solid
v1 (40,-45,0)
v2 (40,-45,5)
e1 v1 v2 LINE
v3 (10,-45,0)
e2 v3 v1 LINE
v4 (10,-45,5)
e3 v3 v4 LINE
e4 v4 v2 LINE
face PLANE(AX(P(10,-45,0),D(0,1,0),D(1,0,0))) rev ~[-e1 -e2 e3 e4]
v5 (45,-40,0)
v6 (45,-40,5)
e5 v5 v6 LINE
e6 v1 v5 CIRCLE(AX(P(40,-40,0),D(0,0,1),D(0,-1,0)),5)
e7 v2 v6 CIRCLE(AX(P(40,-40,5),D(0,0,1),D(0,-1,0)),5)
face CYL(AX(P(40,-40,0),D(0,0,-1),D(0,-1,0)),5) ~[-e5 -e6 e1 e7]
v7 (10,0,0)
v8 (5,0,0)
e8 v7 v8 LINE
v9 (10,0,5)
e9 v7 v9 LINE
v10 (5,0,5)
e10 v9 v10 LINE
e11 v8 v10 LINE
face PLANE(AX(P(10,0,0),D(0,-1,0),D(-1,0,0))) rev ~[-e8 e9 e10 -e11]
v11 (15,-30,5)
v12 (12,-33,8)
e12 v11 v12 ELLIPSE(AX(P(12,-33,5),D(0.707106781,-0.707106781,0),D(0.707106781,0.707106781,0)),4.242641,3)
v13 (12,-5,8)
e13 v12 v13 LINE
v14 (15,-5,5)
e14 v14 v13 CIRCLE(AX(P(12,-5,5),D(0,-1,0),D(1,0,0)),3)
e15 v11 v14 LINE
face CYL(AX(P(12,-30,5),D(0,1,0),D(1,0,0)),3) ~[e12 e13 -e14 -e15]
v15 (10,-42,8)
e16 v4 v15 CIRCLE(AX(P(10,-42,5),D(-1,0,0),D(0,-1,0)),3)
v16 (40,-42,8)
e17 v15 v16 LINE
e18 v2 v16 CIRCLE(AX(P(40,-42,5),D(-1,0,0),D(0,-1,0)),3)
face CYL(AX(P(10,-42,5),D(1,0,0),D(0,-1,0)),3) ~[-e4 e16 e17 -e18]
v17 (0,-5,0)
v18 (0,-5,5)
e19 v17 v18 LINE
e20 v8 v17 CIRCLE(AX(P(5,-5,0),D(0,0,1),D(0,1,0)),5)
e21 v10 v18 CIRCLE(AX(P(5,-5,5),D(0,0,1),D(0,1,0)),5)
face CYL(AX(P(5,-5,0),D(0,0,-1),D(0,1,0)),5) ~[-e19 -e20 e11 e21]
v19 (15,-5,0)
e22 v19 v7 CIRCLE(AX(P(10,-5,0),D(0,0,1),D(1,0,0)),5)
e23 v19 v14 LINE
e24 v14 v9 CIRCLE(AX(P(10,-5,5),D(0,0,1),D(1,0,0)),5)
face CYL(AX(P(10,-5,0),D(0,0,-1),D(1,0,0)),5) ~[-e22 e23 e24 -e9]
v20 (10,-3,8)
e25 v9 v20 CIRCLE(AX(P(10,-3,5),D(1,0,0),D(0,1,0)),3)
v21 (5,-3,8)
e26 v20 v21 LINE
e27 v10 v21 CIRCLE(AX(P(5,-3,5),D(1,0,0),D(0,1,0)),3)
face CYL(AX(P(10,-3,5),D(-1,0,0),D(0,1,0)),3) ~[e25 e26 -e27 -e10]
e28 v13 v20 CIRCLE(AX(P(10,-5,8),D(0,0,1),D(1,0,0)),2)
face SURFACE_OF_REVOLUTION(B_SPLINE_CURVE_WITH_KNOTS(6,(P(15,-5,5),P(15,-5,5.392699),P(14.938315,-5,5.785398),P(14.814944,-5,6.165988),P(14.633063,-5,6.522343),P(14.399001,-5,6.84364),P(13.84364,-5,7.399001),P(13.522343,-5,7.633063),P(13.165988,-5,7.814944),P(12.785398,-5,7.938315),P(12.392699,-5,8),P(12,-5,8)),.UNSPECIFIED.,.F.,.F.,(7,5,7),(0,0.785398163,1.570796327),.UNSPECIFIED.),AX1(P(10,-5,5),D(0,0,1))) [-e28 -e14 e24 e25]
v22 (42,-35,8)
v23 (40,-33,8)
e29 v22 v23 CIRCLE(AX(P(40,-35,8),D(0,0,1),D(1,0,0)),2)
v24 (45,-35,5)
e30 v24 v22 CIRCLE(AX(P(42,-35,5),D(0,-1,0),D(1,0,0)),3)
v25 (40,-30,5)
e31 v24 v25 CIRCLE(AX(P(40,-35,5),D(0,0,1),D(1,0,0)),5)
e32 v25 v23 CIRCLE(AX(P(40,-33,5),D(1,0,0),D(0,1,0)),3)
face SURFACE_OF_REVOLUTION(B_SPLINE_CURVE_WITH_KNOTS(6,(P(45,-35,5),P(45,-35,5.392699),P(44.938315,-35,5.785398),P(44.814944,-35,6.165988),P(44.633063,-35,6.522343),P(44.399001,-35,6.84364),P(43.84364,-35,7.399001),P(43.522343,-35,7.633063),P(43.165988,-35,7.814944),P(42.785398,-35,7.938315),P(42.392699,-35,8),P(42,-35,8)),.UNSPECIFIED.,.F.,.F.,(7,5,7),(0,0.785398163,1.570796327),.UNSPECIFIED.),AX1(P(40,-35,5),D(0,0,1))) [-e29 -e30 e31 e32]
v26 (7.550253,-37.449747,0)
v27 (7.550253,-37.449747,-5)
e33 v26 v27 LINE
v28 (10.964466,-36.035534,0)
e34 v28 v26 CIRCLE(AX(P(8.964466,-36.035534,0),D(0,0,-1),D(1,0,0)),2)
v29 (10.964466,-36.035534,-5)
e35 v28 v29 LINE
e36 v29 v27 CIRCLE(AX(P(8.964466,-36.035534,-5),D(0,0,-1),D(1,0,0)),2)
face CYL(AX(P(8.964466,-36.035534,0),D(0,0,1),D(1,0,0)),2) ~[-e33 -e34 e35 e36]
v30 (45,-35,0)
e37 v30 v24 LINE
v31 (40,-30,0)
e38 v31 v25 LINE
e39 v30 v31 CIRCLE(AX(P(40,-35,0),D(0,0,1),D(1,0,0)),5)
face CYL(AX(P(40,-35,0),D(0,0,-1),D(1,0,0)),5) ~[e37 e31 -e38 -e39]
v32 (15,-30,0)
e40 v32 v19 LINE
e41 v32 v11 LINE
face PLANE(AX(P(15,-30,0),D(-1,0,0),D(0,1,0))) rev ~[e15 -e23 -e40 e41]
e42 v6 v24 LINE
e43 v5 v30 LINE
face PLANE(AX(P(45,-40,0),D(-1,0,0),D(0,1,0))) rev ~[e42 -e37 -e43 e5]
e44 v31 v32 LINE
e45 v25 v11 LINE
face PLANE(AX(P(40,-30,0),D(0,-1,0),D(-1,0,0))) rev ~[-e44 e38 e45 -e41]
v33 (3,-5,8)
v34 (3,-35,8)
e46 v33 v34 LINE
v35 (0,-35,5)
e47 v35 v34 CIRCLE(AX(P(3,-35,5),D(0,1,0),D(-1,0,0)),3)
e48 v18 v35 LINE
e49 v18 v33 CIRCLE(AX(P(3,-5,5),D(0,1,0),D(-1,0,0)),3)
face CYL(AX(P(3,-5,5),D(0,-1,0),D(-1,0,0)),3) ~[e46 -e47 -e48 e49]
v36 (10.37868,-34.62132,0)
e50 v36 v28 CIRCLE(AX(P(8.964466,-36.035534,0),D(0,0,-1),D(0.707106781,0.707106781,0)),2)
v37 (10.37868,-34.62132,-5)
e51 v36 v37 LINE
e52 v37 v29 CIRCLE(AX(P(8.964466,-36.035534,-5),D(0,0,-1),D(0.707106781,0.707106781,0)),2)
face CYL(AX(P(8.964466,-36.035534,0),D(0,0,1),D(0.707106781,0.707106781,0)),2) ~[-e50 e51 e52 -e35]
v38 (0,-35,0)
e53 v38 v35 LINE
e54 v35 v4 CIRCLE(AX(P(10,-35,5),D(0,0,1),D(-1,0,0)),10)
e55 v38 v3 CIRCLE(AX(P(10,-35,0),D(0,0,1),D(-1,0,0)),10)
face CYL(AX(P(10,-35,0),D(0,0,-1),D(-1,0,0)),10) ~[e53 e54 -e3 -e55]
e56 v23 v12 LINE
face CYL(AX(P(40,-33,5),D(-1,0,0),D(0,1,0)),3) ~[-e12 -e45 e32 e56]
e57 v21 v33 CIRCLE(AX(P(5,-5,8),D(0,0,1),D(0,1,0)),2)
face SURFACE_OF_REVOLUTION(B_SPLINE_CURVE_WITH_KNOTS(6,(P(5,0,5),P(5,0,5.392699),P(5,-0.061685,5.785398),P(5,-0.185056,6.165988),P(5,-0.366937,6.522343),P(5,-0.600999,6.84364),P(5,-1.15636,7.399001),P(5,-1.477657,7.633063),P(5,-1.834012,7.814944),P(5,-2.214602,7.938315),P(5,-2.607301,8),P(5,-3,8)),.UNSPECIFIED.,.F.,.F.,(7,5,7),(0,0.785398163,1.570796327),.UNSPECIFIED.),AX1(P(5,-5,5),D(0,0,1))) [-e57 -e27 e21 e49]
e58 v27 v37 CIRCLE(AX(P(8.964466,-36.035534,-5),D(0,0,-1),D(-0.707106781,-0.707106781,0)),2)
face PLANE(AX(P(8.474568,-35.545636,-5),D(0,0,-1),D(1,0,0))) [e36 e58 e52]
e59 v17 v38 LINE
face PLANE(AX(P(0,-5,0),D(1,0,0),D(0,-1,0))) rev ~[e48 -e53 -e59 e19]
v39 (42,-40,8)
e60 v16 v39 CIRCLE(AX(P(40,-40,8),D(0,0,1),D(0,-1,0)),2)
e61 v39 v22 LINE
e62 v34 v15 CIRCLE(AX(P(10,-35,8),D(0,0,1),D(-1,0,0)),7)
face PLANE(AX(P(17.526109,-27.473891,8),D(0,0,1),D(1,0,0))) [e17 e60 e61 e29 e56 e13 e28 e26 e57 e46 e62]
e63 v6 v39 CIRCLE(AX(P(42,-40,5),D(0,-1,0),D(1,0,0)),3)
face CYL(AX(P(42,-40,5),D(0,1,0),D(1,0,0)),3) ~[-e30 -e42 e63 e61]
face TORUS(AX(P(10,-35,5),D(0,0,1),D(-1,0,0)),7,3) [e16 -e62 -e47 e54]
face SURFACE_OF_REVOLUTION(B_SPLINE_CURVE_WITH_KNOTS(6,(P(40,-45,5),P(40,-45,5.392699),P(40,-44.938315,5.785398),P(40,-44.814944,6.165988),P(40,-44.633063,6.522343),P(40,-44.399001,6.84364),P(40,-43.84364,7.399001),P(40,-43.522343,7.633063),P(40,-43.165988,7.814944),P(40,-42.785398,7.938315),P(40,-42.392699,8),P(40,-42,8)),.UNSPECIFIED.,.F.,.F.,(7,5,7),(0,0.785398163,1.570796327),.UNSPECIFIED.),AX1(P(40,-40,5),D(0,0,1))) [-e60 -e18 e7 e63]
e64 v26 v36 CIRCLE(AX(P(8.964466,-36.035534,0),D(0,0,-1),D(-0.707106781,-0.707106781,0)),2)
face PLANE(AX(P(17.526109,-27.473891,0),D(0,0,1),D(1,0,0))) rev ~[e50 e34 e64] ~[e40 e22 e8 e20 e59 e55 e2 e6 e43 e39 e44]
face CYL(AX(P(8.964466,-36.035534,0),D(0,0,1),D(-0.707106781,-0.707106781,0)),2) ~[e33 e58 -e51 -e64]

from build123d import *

# Parameters (mm, degrees)
F1_DEPTH = 8
F2_R     = 3
F4_DEPTH = 5


with BuildPart() as f1:
    # F0 (on Top) → F1 (new body)
    with BuildSketch(Plane.XY):
        with BuildLine():
            ThreePointArc((5, 0), (1.4644660941, -1.4644660941), (0, -5))
            Line((0, -5), (0, -35))
            ThreePointArc((0, -35), (2.9289321881, -42.0710678119), (10, -45))
            Line((10, -45), (40, -45))
            ThreePointArc((40, -45), (43.5355339059, -43.5355339059), (45, -40))
            Line((45, -40), (45, -35))
            ThreePointArc((45, -35), (43.5355339059, -31.4644660941), (40, -30))
            Line((40, -30), (15, -30))
            Line((15, -30), (15, -5))
            ThreePointArc((15, -5), (13.5355339059, -1.4644660941), (10, 0))
            Line((10, 0), (5, 0))
        make_face()
    extrude(amount=F1_DEPTH)

    # F2
    f2_edges = [f1.edges().sort_by_distance(p)[0] for p in [
        (15, -17.5, 8),
        (27.5, -30, 8),
        (13.535534, -1.464466, 8),
        (7.5, 0, 8),
        (1.464466, -1.464466, 8),
        (0, -20, 8),
        (2.928932, -42.071068, 8),
        (25, -45, 8),
        (43.535534, -43.535534, 8),
        (45, -37.5, 8),
        (43.535534, -31.464466, 8),
    ]]
    fillet(f2_edges, radius=F2_R)

    # F3 (on face) → F4 (join)
    with BuildSketch(Plane(origin=(0, 0, 0), x_dir=(1, 0, 0), z_dir=(0, 0, -1))):
        with BuildLine():
            ThreePointArc((7.5502525317, 37.4497474683), (7.5502525317, 34.6213203436), (10.3786796564, 34.6213203436))
            Line((10.3786796564, 34.6213203436), (7.5502525317, 37.4497474683))
        make_face()
        with BuildLine():
            Line((7.5502525317, 37.4497474683), (10.3786796564, 34.6213203436))
            ThreePointArc((10.3786796564, 34.6213203436), (10.8122251591, 35.2701670412), (10.9644660941, 36.0355339059))
            ThreePointArc((10.9644660941, 36.0355339059), (9.7298329588, 37.883292971), (7.5502525317, 37.4497474683))
        make_face()
    extrude(amount=F4_DEPTH)


solid = f1.part
